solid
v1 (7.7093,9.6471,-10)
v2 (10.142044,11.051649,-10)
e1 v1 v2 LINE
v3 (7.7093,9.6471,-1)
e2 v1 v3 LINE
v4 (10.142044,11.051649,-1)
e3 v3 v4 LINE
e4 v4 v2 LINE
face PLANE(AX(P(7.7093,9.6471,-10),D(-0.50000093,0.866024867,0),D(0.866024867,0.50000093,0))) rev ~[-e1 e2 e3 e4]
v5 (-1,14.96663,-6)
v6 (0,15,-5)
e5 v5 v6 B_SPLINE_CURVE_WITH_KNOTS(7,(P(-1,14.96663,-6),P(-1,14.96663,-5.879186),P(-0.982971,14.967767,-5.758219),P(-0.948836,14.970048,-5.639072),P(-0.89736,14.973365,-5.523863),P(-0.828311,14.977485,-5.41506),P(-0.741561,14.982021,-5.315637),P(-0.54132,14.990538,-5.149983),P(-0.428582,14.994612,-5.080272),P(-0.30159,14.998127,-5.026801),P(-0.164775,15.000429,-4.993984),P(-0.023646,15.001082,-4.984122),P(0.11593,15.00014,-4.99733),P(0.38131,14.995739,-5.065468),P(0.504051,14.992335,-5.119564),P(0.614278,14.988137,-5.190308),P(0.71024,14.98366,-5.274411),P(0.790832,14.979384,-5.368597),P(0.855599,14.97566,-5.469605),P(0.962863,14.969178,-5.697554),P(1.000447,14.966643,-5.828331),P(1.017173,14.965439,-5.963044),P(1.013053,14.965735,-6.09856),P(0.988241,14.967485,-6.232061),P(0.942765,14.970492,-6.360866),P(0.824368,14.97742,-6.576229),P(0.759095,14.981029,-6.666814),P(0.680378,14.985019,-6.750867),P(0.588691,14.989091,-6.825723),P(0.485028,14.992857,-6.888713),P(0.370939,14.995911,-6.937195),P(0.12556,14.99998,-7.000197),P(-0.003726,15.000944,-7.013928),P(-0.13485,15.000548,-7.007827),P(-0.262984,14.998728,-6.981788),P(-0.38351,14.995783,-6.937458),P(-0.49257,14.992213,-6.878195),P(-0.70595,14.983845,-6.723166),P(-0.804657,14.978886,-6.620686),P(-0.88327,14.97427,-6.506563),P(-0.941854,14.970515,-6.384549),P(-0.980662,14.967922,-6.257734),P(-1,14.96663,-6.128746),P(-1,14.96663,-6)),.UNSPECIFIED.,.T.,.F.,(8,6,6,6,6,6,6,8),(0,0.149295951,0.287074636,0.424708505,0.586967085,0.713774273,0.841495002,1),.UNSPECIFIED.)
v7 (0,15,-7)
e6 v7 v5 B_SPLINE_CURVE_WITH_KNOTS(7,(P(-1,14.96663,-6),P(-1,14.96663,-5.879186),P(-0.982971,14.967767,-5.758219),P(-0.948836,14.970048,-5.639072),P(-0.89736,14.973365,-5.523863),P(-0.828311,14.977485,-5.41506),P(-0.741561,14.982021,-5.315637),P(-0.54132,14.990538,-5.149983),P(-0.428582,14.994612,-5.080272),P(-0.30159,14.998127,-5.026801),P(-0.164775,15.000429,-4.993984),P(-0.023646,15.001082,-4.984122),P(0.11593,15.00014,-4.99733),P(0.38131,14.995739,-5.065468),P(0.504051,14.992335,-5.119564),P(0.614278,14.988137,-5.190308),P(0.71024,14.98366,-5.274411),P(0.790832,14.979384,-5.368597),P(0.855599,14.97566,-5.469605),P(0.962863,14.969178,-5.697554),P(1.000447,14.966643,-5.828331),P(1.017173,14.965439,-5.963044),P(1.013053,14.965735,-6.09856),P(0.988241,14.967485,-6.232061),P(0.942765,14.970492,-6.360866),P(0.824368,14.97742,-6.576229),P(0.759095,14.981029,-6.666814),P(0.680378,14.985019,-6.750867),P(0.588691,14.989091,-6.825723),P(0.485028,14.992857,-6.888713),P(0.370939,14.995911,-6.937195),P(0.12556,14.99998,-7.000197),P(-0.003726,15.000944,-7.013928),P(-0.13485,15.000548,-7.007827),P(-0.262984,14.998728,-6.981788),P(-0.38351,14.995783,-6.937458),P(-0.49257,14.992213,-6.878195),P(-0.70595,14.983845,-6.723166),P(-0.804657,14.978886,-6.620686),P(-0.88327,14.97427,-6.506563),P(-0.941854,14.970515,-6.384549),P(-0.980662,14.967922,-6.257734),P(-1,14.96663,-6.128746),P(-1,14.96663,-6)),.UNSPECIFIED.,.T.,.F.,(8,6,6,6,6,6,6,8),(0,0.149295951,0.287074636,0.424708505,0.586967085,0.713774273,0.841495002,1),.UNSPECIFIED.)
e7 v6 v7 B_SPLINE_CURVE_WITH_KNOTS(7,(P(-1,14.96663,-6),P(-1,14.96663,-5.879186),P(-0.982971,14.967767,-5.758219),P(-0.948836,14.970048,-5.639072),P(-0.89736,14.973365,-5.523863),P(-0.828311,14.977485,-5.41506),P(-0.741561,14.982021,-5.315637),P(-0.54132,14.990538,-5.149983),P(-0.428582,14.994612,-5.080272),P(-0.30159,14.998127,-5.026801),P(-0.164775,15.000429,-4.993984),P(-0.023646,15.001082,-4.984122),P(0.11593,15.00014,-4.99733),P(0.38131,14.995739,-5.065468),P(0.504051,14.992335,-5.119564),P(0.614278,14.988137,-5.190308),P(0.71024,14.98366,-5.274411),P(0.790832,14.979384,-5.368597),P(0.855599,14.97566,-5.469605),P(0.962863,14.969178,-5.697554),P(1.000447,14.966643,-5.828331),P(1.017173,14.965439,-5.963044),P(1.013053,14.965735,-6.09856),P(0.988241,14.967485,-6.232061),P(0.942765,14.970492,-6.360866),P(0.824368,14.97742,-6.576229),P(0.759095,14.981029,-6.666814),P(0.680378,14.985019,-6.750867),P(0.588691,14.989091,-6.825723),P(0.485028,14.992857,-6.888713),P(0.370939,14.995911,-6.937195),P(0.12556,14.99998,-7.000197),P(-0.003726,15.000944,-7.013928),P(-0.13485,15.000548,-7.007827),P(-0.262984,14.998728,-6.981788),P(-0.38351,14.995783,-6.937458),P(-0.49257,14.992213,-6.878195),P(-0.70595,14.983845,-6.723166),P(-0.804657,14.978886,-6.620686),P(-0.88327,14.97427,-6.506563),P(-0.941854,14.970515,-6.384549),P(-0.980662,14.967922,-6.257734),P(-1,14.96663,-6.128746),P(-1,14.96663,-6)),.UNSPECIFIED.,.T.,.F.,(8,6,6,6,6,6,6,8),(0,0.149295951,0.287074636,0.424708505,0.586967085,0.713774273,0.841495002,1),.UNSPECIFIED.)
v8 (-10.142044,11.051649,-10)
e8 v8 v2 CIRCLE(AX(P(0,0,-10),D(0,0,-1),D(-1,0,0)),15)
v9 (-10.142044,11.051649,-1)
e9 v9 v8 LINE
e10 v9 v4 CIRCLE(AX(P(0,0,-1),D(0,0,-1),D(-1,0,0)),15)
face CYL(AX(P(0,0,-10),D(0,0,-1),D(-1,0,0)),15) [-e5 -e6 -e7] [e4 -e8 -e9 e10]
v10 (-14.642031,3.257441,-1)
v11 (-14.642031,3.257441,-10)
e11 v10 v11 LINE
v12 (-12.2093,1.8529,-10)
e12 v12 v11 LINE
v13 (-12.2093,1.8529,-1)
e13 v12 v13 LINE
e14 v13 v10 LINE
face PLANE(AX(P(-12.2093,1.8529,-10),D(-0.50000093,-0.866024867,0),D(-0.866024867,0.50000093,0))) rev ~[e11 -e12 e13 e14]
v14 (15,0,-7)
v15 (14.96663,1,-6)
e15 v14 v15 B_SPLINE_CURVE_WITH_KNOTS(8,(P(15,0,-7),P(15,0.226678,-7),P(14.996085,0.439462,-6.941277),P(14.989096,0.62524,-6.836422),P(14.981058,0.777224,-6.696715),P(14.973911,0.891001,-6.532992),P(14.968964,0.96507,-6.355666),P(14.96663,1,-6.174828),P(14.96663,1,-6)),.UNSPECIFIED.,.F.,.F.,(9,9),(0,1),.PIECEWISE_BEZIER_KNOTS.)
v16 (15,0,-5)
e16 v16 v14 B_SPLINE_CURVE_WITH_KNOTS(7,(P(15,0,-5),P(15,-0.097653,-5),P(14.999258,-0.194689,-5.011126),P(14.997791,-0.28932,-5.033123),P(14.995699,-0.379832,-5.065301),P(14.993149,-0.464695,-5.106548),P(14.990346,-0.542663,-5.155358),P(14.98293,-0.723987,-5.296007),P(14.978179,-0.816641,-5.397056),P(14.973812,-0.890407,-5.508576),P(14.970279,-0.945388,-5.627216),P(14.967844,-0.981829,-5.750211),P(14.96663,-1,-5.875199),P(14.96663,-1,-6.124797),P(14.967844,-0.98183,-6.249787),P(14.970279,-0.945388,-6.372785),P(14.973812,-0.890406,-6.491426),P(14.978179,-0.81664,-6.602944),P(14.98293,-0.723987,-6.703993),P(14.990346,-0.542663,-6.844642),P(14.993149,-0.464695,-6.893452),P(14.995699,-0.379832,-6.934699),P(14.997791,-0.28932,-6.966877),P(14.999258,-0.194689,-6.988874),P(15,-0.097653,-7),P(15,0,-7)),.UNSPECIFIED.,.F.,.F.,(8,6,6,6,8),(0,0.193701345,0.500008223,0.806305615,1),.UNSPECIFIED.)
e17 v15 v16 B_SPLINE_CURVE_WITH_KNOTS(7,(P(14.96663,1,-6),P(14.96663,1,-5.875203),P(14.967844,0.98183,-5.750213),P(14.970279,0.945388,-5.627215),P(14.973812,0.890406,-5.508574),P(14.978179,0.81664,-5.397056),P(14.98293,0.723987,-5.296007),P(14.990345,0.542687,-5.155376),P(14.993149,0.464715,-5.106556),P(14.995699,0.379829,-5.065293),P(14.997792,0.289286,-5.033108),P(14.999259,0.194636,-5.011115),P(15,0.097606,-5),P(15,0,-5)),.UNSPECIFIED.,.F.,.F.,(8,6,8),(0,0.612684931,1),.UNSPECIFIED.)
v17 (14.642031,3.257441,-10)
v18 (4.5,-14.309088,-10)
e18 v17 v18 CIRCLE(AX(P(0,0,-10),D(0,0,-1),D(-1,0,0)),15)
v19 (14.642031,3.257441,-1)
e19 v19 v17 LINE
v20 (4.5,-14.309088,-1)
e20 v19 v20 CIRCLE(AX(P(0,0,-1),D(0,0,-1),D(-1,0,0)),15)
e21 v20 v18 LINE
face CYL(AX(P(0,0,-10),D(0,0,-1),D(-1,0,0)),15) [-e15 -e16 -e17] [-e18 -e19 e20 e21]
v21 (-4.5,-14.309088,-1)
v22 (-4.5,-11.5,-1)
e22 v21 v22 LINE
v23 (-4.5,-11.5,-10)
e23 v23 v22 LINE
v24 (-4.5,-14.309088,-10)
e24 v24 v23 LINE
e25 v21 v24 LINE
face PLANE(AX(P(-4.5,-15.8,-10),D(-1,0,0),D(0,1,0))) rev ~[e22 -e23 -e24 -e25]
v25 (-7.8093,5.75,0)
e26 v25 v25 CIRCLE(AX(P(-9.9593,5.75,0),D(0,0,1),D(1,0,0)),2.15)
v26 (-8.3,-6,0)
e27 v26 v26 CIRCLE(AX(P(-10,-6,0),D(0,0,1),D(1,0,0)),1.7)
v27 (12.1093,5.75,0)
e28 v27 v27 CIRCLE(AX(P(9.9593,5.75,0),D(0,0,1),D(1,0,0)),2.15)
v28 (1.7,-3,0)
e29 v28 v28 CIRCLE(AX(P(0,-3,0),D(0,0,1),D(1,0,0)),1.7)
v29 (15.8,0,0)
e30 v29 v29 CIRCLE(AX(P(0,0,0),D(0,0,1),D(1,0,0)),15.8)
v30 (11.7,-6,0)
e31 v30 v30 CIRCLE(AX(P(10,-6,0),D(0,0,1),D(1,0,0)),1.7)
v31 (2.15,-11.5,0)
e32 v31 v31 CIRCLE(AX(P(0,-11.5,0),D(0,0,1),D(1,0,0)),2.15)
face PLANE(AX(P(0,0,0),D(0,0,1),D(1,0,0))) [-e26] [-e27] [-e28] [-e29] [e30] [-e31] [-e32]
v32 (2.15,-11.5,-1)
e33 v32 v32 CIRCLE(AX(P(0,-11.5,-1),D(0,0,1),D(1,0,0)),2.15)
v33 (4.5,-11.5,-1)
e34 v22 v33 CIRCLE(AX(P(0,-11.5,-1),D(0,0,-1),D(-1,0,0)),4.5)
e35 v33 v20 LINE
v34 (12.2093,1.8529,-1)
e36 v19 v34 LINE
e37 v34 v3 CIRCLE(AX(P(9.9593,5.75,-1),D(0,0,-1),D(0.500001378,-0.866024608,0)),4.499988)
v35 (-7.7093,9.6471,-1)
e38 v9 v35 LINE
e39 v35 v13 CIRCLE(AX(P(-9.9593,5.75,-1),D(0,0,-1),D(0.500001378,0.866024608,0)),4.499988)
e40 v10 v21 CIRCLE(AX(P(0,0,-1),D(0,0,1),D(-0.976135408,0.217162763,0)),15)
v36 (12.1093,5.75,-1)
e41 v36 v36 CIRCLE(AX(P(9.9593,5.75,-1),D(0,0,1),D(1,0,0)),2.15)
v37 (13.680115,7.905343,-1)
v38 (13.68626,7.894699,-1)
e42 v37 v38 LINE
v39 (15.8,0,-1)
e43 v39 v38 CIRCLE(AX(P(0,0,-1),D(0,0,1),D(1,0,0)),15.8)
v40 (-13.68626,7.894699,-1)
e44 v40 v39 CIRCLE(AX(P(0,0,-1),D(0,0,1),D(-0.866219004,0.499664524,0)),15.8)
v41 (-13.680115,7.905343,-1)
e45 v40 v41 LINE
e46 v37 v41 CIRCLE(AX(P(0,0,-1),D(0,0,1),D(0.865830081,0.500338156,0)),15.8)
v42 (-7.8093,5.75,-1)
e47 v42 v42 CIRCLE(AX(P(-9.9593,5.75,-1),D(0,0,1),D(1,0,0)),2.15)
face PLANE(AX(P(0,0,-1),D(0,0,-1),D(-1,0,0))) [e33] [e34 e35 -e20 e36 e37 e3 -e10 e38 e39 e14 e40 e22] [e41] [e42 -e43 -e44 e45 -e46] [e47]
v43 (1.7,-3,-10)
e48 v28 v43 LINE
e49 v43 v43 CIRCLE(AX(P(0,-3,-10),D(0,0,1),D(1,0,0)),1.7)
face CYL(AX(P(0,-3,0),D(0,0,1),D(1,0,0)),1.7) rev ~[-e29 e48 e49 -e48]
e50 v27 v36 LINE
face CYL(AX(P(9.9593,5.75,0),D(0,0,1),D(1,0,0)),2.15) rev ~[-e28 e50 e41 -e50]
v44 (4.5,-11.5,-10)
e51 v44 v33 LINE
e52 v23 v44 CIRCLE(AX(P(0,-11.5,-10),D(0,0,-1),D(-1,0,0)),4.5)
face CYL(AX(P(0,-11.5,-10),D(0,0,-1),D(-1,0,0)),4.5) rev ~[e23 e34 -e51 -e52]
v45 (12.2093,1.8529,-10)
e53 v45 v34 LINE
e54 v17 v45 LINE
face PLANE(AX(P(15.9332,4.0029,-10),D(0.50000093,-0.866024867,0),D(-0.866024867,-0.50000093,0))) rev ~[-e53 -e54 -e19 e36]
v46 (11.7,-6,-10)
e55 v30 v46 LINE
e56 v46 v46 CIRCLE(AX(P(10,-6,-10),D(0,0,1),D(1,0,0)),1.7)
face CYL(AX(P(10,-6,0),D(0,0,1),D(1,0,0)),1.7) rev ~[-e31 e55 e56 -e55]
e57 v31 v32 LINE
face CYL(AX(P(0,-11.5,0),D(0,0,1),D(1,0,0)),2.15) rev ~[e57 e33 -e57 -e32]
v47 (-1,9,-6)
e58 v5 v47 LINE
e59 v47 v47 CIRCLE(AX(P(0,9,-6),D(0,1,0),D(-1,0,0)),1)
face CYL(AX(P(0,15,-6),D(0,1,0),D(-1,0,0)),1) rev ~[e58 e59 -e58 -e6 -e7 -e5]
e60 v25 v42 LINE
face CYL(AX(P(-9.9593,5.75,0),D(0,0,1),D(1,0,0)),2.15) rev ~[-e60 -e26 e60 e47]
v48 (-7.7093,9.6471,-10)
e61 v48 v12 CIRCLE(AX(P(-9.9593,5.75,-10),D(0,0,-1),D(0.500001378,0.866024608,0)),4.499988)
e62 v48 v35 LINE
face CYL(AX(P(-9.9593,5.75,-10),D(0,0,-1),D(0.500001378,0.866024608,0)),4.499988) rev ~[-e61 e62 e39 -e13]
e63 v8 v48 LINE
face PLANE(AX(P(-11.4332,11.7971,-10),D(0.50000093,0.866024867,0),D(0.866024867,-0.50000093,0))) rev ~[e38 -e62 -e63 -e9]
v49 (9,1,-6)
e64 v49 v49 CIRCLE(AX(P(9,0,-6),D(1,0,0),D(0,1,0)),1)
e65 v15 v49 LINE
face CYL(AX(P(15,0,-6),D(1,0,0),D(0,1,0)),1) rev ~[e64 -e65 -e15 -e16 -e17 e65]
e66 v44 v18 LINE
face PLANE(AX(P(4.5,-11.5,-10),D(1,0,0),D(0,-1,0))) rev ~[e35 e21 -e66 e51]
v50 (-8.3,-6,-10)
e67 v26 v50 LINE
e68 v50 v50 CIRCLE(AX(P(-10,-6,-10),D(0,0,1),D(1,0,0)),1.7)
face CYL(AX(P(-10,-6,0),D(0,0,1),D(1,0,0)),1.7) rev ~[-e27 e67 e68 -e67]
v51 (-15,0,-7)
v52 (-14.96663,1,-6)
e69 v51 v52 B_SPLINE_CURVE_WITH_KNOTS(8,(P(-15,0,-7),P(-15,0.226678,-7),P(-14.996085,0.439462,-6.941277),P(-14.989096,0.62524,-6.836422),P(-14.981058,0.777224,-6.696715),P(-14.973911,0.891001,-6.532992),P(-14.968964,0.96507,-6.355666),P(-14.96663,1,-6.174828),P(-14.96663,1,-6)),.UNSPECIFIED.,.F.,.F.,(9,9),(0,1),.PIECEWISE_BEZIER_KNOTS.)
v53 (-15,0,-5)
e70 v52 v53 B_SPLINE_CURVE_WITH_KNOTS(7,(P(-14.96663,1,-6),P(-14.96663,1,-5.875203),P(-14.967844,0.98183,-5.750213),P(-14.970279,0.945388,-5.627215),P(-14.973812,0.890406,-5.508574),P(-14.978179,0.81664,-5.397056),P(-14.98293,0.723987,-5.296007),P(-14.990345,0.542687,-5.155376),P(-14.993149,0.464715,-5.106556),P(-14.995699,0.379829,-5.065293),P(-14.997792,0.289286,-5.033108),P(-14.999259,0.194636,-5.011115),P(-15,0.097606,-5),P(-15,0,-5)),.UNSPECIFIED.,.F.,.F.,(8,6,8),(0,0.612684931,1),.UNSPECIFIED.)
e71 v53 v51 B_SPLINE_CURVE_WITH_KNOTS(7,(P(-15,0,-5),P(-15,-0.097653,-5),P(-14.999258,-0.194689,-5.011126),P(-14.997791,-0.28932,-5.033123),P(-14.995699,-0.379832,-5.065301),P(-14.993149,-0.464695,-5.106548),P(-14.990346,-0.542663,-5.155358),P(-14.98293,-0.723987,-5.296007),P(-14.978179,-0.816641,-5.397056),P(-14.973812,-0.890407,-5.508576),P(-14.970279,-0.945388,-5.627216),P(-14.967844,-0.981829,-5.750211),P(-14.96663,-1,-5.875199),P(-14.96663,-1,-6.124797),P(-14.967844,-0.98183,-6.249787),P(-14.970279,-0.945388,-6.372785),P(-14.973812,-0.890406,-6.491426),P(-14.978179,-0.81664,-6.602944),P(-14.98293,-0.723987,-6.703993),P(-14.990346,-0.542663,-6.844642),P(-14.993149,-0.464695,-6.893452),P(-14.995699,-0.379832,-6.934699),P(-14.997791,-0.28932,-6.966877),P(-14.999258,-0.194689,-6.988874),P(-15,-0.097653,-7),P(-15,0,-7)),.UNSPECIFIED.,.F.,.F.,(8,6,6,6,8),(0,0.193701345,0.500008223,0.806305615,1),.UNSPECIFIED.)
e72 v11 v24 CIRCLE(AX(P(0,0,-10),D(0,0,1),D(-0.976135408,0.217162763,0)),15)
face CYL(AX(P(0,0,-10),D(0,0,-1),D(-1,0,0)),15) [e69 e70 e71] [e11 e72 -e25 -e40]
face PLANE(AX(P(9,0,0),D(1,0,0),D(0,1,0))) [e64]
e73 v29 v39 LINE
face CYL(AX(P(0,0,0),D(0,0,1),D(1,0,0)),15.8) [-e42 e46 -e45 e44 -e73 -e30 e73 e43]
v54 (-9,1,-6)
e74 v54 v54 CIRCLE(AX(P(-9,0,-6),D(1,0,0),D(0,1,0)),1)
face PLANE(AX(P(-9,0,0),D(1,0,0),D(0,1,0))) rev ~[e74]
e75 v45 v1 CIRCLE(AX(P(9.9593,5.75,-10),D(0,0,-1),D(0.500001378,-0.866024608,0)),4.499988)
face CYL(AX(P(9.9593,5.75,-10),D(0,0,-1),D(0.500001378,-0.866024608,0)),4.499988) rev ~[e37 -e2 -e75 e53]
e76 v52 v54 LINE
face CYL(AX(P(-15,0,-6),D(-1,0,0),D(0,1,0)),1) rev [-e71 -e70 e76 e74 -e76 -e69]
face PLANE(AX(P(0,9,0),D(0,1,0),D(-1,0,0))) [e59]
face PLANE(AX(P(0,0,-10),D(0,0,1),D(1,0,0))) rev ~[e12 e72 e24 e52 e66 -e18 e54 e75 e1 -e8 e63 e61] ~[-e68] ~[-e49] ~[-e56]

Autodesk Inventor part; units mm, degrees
sketch "スケッチ2" plane through (0, 0, 0) normal (0, 0, 1) x (1, 0, 0)
  circle A0 centre (0, 0) radius 15.8
  dimension "d0" = 31.6
extrude "押し出し1" add sketch "スケッチ2" against normal blind 10
sketch "スケッチ13" plane through (0, 0, 0) normal (0, 0, 1) x (1, 0, 0)
  circle A0 centre (0, -3) radius 1.7
  circle A1 centre (-10, -6) radius 1.7
  circle A2 centre (10, -6) radius 1.7
  line L0 (0, 0) -> (0, 17.9574) construction
  dimension "d90" = 3.4
  dimension "d91" = 3.4
  dimension "d92" = 3.4
  dimension "d93" = 3
  dimension "d94" = 6
  dimension "d95" = 10
extrude "押し出し11" cut sketch "スケッチ13" against normal through all
sketch "スケッチ14" plane through (0, 0, 0) normal (0, 0, 1) x (1, 0, 0)
  circle A0 centre (0, -11.5) radius 2.15
  circle A1 centre (9.9593, 5.75) radius 2.15
  circle A2 centre (-9.9593, 5.75) radius 2.15
  point P0 (0, 0)
  dimension "d98" = 4.3
  dimension "d99" = 11.5
  dimension "d102" = 360
extrude "押し出し12" cut sketch "スケッチ14" against normal blind 1
ref_plane "作業平面1" through (15, 0, 0) normal (1, 0, 0) x (0, 1, 0)
ref_plane "作業平面2" through (-15, 0, 0) normal (1, 0, 0) x (0, 1, 0)
ref_plane "作業平面3" through (0, 15, 0) normal (0, 1, 0) x (-1, 0, 0)
ref_plane "作業平面4" through (0, -15, 0) normal (0, 1, 0) x (-1, 0, 0)
sketch "スケッチ22" plane through (0, 0, -10) normal (0, 0, -1) x (-1, 0, 0)
  arc A0 (4.5, -11.5) -> (-4.5, -11.5) centre (0, -11.5) ccw
  line L0 (-4.5, -11.5) -> (-4.5, -15.8)
  line L1 (-4.5, -15.8) -> (4.5, -15.8)
  line L2 (4.5, -15.8) -> (4.5, -11.5)
  arc A1 (7.7093, 9.6471) -> (12.2093, 1.8529) centre (9.9593, 5.75) ccw
  line L3 (11.4332, 11.7971) -> (7.7093, 9.6471)
  line L4 (15.9332, 4.0029) -> (11.4332, 11.7971)
  line L5 (12.2093, 1.8529) -> (15.9332, 4.0029)
  arc A2 (-12.2093, 1.8529) -> (-7.7093, 9.6471) centre (-9.9593, 5.75) ccw
  line L6 (-15.9332, 4.0029) -> (-12.2093, 1.8529)
  line L7 (-11.4332, 11.7971) -> (-15.9332, 4.0029)
  line L8 (-7.7093, 9.6471) -> (-11.4332, 11.7971)
  point P0 (0, 0)
  dimension "d129" = 4.5
  dimension "d132" = 360
extrude "押し出し17" cut sketch "スケッチ22" against normal blind 9
sketch "スケッチ23" plane through (15, 0, 0) normal (1, 0, 0) x (0, 1, 0)
  point P0 (0, 0)
sketch "スケッチ24" plane through (0, 0, -10) normal (0, 0, -1) x (-1, 0, 0)
  circle A0 centre (0, 0) radius 15.8
  circle A1 centre (0, 0) radius 15
  dimension "d136" = 30
extrude "押し出し18" cut sketch "スケッチ24" against normal blind 9
sketch "スケッチ25" plane through (15, 0, 0) normal (1, 0, 0) x (0, 1, 0)
  circle A0 centre (0, -6) radius 1
  line L0 (-14.3091, -10) -> (3.2574, -10) projected
  line L1 (15.8, -1) -> (-15.8, -1) projected
  point P0 (0, 0)
  dimension "d139" = 2
  dimension "d141" = 5
sketch "スケッチ27" plane through (0, 15, 0) normal (0, 1, 0) x (-1, 0, 0)
  circle A0 centre (0, -6) radius 1
  line L0 (15.8, -1) -> (-15.8, -1) projected
  point P0 (0, 0)
  dimension "d142" = 2
  dimension "d143" = 5
sketch "スケッチ28" plane through (-15, 0, 0) normal (1, 0, 0) x (0, 1, 0)
  circle A0 centre (0, -6) radius 1
  line L0 (15.8, -1) -> (-15.8, -1) projected
  point P0 (0, 0)
  dimension "d144" = 2
  dimension "d145" = 5
extrude "押し出し19" cut sketch "スケッチ25" against normal blind 6
extrude "押し出し20" cut sketch "スケッチ27" against normal blind 6
extrude "押し出し21" cut sketch "スケッチ28" along normal blind 6
thread "ねじ9" size "M2x0.4" class "6H" standard "ANSI Metric M Profile" full length
thread "ねじ10" size "M2x0.4" class "6H" standard "ANSI Metric M Profile" full length
thread "ねじ11" size "M2x0.4" class "6H" standard "ANSI Metric M Profile" full length
properties part number "B_pipe_cylinder_5_1_1" material "ステンレス鋼 440C"
